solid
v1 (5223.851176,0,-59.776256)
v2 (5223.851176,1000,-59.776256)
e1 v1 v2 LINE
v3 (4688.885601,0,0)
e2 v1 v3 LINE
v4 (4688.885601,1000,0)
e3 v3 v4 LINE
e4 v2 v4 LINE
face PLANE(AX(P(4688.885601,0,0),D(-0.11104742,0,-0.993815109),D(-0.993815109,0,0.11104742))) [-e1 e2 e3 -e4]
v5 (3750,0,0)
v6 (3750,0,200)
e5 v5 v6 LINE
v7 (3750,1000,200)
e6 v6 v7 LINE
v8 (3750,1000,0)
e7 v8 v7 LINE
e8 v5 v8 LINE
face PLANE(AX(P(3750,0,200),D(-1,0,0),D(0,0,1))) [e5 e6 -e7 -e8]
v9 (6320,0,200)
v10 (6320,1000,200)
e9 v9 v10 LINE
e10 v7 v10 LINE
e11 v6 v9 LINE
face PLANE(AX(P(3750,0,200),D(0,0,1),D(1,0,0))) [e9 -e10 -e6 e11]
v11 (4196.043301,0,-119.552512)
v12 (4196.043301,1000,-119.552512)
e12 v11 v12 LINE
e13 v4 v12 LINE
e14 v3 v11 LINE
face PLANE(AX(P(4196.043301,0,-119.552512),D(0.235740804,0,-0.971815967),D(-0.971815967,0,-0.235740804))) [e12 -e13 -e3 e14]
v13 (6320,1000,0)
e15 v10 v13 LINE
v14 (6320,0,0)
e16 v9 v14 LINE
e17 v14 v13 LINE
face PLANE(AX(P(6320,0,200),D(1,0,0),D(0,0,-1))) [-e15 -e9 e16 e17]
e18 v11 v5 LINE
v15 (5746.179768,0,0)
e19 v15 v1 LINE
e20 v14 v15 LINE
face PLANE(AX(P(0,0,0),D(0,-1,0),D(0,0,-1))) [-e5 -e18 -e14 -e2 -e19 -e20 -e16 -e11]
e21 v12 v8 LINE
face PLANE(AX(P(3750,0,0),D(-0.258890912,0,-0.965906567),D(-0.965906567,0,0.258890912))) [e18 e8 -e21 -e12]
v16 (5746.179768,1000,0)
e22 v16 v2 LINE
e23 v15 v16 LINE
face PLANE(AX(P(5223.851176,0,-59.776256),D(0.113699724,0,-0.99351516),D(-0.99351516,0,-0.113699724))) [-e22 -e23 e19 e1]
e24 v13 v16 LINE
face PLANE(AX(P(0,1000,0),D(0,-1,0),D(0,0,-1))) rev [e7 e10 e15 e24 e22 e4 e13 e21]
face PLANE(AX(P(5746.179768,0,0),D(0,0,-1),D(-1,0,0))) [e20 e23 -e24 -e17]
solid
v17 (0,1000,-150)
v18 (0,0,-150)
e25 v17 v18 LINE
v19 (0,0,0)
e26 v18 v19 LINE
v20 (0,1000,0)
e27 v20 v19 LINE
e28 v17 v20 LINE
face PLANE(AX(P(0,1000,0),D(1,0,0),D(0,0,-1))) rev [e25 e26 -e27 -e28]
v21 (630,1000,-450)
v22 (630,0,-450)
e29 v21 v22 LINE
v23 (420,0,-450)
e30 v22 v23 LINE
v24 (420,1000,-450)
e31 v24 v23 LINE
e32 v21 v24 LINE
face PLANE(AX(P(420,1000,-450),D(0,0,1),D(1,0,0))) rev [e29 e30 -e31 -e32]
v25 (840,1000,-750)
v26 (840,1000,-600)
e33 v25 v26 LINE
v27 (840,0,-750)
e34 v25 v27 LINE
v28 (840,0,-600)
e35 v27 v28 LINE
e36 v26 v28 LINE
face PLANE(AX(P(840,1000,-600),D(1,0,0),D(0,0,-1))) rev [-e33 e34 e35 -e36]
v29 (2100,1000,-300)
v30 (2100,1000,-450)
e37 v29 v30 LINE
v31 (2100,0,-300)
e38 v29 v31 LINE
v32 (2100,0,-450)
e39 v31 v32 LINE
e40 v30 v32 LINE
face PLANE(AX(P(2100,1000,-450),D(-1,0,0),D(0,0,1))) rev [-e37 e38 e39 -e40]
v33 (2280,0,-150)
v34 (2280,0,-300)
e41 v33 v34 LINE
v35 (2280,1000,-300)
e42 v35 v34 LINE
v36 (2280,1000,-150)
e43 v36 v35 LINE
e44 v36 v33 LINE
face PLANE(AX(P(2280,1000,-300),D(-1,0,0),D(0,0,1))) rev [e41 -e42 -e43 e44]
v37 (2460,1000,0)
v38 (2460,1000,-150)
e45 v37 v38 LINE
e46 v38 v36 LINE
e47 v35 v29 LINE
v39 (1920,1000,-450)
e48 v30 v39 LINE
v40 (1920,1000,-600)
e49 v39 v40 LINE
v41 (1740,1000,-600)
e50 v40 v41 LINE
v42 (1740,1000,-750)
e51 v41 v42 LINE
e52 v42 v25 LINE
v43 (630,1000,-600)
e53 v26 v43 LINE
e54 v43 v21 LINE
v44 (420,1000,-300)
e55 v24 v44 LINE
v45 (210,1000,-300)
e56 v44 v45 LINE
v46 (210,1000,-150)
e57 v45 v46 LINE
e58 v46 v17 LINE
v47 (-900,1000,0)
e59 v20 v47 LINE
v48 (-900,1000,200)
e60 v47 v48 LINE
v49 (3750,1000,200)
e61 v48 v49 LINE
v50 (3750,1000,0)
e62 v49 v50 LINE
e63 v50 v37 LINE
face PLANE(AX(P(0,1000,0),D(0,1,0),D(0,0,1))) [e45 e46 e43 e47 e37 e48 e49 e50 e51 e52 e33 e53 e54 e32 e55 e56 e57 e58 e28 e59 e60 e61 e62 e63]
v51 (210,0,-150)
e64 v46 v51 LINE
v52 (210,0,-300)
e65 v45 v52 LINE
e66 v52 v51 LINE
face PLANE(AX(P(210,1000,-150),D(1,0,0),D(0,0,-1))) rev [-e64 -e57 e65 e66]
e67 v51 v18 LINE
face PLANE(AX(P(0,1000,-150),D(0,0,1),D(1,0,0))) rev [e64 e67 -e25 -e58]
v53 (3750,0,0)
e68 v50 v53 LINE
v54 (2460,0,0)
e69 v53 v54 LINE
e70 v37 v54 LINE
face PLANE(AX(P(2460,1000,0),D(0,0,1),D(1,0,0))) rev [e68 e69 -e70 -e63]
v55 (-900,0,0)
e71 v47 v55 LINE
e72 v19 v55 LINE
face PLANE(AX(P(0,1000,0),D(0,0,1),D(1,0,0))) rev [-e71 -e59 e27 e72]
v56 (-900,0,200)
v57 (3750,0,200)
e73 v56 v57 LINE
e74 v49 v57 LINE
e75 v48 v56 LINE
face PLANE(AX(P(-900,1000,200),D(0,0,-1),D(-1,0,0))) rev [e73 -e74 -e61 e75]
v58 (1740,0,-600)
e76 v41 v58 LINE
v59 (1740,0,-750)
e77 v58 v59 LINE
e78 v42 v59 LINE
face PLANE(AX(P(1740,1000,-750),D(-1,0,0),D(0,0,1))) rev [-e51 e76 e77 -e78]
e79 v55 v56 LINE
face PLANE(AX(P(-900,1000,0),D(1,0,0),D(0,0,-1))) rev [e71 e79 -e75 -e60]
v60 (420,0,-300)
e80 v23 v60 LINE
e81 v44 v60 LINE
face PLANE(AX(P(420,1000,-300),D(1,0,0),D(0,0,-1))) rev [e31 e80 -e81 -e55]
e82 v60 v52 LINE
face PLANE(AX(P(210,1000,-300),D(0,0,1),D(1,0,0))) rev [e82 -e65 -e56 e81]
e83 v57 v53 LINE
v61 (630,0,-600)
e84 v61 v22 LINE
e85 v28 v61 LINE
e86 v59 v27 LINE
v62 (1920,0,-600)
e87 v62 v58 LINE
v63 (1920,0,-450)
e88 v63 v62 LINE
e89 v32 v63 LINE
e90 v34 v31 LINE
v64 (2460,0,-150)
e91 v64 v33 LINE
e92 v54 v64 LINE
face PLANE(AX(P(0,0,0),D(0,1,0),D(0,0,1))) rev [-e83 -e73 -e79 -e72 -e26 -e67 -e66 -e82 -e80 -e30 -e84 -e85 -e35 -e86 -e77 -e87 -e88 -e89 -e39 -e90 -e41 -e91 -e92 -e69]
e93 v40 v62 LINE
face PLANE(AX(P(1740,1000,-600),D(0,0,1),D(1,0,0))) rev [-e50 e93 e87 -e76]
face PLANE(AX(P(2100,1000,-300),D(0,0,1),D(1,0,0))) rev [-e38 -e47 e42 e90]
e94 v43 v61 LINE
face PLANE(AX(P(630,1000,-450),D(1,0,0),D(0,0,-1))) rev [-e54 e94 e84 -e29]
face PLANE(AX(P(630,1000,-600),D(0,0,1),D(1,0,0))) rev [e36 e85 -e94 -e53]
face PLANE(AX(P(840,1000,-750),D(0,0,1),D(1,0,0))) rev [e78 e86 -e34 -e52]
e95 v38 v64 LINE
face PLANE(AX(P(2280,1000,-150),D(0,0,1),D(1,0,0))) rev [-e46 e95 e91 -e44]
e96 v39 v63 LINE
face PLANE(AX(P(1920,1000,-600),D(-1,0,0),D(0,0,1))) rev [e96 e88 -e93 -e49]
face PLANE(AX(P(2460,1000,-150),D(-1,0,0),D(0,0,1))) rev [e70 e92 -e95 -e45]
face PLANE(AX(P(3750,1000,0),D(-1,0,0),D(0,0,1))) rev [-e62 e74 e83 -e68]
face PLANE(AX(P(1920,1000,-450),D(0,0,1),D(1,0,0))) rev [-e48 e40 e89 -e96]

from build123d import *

# Parameters (mm, degrees)
BOSS_EXTRUDE1_DEPTH = 1000
BOSS_EXTRUDE3_DEPTH = 1000


with BuildPart() as part:
    # Sketch1 → Boss-Extrude1 (new body)
    with BuildSketch(Plane(origin=(0, 0, 0), x_dir=(1, 0, 0), z_dir=(0, 1, 0))):
        Polygon((0, 0), (0, 150), (210, 150), (210, 300), (420, 300), (420, 450), (630, 450), (630, 600), (840, 600), (840, 750), (1740, 750), (1740, 600), (1920, 600), (1920, 450), (2100, 450), (2100, 300), (2280, 300), (2280, 150), (2460, 150), (2460, 0), (3750, 0), (3750, -200), (-900, -200), (-900, 0), align=None)
    extrude(amount=BOSS_EXTRUDE1_DEPTH)


with BuildPart() as body_2:
    # Sketch2 → Boss-Extrude3 (new body)
    with BuildSketch(Plane(origin=(0, 1000, 0), x_dir=(1, 0, 0), z_dir=(0, 1, 0))):
        Polygon((3750, -200), (6320, -200), (6320, 0), (5746.179767889, 0), (5223.851175632, 59.776256231), (4688.885601305, 0), (4196.043300547, 119.552512462), (3750, 0), align=None)
    extrude(amount=-BOSS_EXTRUDE3_DEPTH)


solid = Compound([part.part, body_2.part])
